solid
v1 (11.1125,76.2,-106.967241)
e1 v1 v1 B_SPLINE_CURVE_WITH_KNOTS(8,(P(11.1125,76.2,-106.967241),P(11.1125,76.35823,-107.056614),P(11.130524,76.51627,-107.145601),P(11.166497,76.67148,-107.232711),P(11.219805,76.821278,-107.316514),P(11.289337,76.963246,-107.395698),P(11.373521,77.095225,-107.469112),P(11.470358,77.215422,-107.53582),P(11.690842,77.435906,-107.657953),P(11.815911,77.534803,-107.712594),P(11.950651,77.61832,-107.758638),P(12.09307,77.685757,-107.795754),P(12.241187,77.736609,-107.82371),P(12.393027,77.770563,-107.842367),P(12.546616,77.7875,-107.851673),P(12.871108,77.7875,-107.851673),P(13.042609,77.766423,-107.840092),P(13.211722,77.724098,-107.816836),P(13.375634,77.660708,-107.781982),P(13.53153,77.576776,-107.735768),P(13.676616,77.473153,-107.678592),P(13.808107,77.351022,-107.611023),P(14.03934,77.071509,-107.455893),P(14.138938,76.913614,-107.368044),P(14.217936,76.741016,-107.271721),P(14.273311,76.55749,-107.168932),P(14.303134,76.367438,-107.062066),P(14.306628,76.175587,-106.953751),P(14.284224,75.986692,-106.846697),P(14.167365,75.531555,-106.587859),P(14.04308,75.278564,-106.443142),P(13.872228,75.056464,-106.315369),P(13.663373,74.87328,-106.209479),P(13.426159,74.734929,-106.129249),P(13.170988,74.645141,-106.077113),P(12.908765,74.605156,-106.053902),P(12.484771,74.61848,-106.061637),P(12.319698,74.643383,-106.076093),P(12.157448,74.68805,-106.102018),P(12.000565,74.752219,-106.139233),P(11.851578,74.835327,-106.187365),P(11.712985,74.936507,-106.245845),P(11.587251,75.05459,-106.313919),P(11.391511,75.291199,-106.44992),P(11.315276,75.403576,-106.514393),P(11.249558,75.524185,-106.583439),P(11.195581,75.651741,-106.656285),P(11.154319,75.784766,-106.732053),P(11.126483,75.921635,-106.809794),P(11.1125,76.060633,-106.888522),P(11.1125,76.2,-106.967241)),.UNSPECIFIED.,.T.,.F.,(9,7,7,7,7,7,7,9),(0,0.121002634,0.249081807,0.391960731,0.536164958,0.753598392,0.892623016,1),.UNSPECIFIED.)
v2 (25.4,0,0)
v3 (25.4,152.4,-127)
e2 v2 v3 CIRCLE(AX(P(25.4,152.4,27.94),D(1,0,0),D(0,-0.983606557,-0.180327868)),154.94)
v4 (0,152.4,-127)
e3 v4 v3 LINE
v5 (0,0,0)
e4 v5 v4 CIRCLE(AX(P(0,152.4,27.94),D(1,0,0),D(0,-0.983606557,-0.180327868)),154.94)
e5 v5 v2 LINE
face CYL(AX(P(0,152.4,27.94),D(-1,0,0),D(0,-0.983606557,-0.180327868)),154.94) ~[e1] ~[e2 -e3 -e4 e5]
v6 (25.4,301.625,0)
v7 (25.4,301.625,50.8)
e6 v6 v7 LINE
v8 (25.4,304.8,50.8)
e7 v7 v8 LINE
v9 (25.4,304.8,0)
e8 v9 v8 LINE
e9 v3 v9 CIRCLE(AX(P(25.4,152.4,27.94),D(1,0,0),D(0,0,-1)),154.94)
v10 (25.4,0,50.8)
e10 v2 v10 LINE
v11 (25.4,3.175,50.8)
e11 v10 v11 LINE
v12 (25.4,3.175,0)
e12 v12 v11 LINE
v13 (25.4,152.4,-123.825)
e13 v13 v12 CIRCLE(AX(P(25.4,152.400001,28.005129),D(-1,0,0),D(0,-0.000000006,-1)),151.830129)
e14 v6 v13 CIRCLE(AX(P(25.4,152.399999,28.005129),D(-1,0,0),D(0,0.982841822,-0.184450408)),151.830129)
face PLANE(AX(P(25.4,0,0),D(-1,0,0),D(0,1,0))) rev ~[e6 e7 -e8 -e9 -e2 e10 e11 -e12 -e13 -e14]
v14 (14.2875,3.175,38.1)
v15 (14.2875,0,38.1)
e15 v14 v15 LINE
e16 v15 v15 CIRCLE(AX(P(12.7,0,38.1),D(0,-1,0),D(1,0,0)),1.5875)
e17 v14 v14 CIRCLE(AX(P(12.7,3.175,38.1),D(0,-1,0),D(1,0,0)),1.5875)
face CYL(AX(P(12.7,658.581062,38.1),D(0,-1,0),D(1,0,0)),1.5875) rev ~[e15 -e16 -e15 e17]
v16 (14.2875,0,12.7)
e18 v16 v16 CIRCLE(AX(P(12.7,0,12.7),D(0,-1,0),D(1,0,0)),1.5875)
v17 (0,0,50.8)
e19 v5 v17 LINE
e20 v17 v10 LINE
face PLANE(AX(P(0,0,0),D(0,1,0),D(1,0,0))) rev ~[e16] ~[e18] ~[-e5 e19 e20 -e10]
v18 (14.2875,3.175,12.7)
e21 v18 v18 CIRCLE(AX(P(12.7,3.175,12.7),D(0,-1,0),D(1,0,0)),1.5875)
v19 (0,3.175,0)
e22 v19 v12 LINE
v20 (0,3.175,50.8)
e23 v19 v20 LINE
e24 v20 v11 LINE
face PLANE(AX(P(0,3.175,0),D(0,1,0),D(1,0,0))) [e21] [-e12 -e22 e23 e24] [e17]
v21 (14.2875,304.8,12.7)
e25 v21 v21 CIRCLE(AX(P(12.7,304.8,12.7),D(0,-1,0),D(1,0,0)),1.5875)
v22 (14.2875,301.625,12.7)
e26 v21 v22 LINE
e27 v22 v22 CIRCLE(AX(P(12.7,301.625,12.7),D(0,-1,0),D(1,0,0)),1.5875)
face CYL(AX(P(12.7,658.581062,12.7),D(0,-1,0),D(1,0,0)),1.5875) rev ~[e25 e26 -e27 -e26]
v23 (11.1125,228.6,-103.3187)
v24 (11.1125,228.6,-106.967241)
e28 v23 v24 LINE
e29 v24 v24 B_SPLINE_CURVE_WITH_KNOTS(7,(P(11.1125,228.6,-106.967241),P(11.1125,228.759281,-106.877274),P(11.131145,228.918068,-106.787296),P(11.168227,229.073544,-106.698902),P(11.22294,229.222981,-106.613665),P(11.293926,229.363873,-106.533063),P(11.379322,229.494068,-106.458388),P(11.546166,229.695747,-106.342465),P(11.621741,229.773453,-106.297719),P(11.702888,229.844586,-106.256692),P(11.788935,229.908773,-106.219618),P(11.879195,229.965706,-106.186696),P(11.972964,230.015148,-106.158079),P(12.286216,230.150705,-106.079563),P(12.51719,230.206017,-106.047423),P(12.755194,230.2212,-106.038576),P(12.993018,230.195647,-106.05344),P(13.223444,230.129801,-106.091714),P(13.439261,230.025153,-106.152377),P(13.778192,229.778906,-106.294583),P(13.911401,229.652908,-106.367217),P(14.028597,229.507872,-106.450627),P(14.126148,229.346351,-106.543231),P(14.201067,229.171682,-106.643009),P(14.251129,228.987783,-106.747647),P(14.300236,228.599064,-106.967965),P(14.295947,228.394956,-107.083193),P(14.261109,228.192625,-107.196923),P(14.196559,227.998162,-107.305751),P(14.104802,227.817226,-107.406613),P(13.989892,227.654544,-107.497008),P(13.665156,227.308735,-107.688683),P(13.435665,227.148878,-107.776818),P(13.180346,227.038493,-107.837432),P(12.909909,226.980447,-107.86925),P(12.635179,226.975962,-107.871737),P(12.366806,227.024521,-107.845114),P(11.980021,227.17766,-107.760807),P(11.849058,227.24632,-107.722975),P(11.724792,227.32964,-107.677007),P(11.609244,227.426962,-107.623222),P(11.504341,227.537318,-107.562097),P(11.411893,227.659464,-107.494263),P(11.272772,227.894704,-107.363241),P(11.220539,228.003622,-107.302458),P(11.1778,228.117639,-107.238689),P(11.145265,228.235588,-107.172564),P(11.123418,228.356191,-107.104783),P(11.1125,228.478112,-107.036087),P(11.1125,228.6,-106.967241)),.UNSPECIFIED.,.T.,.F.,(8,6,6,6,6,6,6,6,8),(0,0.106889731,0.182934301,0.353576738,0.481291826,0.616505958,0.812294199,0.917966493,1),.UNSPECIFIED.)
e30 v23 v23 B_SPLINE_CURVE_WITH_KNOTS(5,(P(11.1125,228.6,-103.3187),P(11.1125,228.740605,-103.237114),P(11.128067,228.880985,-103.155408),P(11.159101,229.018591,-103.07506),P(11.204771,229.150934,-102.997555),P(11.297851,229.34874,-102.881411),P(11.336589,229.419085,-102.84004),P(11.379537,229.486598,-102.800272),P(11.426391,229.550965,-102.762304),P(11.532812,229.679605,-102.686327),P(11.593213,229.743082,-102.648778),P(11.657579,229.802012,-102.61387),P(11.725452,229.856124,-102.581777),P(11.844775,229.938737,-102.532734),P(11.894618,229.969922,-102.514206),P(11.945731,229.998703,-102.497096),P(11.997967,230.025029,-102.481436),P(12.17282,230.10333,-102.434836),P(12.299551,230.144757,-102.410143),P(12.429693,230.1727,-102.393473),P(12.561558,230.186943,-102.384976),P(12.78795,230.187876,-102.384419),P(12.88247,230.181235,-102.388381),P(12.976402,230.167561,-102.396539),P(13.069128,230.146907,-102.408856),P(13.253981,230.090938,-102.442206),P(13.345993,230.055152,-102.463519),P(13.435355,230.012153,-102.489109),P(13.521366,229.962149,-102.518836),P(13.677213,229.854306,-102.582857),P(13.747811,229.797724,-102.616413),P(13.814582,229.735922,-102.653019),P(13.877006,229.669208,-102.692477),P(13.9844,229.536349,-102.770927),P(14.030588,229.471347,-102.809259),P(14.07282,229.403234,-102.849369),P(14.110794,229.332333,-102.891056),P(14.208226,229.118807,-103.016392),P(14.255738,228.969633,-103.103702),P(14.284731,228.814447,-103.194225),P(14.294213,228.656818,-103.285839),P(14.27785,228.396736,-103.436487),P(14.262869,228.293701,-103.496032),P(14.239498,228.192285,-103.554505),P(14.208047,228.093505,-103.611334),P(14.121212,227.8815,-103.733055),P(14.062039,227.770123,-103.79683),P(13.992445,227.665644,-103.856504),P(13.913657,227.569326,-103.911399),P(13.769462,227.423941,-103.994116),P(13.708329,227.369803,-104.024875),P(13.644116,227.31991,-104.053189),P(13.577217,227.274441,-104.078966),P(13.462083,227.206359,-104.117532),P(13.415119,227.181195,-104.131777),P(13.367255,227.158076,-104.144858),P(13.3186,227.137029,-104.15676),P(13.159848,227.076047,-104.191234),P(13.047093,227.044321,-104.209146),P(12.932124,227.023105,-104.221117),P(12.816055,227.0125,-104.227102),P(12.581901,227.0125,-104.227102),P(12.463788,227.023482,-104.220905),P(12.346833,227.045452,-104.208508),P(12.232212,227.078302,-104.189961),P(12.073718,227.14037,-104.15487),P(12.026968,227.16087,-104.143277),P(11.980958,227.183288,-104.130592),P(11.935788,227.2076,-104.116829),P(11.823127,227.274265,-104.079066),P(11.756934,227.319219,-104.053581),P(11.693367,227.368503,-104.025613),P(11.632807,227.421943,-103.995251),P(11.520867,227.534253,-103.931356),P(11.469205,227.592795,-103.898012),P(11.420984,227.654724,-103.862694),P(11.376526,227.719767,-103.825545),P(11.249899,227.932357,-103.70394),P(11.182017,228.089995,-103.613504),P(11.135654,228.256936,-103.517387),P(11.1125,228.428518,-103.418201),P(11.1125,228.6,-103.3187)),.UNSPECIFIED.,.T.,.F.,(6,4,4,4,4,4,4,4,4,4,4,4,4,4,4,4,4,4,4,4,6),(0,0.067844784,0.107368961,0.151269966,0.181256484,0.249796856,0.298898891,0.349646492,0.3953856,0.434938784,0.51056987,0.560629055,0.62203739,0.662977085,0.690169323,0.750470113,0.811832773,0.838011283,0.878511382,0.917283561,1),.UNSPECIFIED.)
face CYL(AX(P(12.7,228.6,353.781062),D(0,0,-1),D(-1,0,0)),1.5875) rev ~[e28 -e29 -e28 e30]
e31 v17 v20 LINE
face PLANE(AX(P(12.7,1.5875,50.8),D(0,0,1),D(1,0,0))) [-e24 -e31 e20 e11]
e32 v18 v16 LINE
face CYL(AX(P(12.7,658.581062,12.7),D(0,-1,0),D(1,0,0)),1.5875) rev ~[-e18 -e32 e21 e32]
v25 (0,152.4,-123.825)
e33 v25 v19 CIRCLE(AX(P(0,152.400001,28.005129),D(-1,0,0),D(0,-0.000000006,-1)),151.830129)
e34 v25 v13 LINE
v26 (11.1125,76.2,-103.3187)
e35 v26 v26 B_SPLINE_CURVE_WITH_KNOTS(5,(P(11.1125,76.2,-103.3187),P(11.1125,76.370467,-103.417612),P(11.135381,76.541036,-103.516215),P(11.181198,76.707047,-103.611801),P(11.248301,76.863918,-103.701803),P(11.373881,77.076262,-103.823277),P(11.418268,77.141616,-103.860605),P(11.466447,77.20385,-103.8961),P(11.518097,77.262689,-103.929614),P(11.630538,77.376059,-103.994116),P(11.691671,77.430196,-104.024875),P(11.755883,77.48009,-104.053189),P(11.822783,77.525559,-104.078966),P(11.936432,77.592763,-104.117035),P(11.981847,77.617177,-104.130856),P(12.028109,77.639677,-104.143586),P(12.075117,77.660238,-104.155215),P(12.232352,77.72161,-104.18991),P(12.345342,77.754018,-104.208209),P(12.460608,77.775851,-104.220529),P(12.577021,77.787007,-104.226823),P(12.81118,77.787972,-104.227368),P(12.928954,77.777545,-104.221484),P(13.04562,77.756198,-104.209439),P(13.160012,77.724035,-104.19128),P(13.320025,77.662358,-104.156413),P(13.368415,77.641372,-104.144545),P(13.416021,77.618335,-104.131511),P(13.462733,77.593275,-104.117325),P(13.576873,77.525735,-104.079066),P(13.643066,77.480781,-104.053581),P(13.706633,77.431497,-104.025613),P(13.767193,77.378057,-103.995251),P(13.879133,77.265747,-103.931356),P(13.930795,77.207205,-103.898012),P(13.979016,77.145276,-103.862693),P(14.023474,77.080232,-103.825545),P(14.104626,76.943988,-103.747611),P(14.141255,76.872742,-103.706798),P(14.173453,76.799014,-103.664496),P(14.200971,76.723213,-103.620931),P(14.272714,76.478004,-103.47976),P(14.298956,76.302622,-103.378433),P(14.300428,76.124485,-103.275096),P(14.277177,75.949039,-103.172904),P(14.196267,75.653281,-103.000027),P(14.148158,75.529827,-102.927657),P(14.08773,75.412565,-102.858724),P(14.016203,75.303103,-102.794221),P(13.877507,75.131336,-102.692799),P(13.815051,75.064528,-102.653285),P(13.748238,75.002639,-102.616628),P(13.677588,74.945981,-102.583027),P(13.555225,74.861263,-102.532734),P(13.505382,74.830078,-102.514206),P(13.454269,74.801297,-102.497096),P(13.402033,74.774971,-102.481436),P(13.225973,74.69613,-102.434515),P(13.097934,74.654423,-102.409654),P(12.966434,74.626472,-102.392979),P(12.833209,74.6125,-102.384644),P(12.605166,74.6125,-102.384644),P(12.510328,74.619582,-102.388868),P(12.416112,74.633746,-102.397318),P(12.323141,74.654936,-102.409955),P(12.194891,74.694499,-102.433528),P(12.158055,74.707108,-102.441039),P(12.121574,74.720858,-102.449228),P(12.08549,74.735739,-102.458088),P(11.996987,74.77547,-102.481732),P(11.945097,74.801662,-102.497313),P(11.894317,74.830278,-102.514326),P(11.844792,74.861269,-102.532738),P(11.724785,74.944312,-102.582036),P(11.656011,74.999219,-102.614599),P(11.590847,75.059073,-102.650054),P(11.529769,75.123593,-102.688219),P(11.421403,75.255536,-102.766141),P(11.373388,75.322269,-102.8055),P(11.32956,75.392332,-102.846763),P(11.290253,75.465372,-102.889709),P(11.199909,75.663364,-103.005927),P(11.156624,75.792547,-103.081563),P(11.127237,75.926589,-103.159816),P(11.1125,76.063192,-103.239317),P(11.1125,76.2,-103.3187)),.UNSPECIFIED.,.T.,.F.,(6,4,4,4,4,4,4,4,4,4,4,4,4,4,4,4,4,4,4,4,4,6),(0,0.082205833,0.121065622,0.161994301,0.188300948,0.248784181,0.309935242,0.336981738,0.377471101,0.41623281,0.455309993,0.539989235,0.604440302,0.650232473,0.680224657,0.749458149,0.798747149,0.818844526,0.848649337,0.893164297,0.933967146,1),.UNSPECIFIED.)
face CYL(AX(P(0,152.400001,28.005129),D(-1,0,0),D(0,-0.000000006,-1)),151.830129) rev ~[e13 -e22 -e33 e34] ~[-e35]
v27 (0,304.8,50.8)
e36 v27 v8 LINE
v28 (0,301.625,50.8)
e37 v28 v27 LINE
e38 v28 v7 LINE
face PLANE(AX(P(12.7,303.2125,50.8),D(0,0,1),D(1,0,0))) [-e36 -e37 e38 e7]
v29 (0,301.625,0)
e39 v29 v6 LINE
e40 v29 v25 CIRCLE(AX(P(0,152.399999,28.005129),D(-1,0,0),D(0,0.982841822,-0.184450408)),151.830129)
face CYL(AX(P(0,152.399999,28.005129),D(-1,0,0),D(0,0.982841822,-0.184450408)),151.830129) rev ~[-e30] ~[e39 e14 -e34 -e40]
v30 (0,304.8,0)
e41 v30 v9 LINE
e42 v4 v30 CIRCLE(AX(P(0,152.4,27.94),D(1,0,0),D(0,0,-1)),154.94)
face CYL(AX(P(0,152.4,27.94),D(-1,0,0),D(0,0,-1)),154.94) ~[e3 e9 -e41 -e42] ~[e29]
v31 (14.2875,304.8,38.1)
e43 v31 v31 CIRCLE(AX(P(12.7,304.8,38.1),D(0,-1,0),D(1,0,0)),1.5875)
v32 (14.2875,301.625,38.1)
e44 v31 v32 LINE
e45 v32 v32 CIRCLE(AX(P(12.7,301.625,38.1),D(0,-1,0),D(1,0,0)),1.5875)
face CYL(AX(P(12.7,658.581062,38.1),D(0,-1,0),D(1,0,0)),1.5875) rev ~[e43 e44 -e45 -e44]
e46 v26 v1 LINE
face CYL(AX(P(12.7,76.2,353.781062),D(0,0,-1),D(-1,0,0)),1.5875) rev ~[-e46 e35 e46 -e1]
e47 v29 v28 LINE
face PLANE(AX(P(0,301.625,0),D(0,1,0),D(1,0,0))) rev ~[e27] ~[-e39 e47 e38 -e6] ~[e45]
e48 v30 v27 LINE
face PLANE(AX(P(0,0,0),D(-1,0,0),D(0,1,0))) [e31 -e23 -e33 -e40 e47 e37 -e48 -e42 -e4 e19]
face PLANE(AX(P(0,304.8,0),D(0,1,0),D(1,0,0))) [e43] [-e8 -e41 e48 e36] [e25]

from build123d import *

# Parameters (mm, degrees)
F1_DEPTH  = 25.4
F1_FACE_W = 25.4
F1_FACE_H = 3.175
F2_DEPTH  = 50.8
F4_D      = 3.175
F6_D      = 3.175


with BuildPart() as f1:
    # F0 (on Right) → F1 (new body)
    with BuildSketch(Plane.YZ):
        with BuildLine():
            Line((3.175, 0), (0, 0))
            ThreePointArc((0, 0), (53.209829, -91.088205), (152.4, -127))
            Line((152.4, -127), (152.4, -123.825))
            ThreePointArc((152.4, -123.825), (55.44546, -88.837522), (3.175, 0))
        make_face()
        with BuildLine():
            Line((152.4, -123.825), (152.4, -127))
            ThreePointArc((152.4, -127), (251.590171, -91.088205), (304.8, 0))
            Line((304.8, 0), (301.625, 0))
            ThreePointArc((301.625, 0), (249.35454, -88.837522), (152.4, -123.825))
        make_face()
    extrude(amount=F1_DEPTH)

    # F1_face (on face) → F2 (join)
    with BuildSketch(Plane(origin=(12.7, 1.5875, 0), x_dir=(1, 0, 0), z_dir=(0, 0, 1))):
        Rectangle(F1_FACE_W, F1_FACE_H)
        with Locations((0, 301.625)):
            Rectangle(F1_FACE_W, F1_FACE_H)
    extrude(amount=F2_DEPTH)

    # F4 (through all)
    with Locations(Plane(origin=(0, 304.8, 0), x_dir=(-1, 0, 0), z_dir=(0, 1, 0))):
        with Locations((-12.7, 38.1), (-12.7, 12.7)):
            Hole(F4_D / 2)

    # F6 (through all)
    with Locations(Plane.XY):
        with Locations((12.7, 76.2), (12.7, 228.6)):
            Hole(F6_D / 2)


solid = f1.part
